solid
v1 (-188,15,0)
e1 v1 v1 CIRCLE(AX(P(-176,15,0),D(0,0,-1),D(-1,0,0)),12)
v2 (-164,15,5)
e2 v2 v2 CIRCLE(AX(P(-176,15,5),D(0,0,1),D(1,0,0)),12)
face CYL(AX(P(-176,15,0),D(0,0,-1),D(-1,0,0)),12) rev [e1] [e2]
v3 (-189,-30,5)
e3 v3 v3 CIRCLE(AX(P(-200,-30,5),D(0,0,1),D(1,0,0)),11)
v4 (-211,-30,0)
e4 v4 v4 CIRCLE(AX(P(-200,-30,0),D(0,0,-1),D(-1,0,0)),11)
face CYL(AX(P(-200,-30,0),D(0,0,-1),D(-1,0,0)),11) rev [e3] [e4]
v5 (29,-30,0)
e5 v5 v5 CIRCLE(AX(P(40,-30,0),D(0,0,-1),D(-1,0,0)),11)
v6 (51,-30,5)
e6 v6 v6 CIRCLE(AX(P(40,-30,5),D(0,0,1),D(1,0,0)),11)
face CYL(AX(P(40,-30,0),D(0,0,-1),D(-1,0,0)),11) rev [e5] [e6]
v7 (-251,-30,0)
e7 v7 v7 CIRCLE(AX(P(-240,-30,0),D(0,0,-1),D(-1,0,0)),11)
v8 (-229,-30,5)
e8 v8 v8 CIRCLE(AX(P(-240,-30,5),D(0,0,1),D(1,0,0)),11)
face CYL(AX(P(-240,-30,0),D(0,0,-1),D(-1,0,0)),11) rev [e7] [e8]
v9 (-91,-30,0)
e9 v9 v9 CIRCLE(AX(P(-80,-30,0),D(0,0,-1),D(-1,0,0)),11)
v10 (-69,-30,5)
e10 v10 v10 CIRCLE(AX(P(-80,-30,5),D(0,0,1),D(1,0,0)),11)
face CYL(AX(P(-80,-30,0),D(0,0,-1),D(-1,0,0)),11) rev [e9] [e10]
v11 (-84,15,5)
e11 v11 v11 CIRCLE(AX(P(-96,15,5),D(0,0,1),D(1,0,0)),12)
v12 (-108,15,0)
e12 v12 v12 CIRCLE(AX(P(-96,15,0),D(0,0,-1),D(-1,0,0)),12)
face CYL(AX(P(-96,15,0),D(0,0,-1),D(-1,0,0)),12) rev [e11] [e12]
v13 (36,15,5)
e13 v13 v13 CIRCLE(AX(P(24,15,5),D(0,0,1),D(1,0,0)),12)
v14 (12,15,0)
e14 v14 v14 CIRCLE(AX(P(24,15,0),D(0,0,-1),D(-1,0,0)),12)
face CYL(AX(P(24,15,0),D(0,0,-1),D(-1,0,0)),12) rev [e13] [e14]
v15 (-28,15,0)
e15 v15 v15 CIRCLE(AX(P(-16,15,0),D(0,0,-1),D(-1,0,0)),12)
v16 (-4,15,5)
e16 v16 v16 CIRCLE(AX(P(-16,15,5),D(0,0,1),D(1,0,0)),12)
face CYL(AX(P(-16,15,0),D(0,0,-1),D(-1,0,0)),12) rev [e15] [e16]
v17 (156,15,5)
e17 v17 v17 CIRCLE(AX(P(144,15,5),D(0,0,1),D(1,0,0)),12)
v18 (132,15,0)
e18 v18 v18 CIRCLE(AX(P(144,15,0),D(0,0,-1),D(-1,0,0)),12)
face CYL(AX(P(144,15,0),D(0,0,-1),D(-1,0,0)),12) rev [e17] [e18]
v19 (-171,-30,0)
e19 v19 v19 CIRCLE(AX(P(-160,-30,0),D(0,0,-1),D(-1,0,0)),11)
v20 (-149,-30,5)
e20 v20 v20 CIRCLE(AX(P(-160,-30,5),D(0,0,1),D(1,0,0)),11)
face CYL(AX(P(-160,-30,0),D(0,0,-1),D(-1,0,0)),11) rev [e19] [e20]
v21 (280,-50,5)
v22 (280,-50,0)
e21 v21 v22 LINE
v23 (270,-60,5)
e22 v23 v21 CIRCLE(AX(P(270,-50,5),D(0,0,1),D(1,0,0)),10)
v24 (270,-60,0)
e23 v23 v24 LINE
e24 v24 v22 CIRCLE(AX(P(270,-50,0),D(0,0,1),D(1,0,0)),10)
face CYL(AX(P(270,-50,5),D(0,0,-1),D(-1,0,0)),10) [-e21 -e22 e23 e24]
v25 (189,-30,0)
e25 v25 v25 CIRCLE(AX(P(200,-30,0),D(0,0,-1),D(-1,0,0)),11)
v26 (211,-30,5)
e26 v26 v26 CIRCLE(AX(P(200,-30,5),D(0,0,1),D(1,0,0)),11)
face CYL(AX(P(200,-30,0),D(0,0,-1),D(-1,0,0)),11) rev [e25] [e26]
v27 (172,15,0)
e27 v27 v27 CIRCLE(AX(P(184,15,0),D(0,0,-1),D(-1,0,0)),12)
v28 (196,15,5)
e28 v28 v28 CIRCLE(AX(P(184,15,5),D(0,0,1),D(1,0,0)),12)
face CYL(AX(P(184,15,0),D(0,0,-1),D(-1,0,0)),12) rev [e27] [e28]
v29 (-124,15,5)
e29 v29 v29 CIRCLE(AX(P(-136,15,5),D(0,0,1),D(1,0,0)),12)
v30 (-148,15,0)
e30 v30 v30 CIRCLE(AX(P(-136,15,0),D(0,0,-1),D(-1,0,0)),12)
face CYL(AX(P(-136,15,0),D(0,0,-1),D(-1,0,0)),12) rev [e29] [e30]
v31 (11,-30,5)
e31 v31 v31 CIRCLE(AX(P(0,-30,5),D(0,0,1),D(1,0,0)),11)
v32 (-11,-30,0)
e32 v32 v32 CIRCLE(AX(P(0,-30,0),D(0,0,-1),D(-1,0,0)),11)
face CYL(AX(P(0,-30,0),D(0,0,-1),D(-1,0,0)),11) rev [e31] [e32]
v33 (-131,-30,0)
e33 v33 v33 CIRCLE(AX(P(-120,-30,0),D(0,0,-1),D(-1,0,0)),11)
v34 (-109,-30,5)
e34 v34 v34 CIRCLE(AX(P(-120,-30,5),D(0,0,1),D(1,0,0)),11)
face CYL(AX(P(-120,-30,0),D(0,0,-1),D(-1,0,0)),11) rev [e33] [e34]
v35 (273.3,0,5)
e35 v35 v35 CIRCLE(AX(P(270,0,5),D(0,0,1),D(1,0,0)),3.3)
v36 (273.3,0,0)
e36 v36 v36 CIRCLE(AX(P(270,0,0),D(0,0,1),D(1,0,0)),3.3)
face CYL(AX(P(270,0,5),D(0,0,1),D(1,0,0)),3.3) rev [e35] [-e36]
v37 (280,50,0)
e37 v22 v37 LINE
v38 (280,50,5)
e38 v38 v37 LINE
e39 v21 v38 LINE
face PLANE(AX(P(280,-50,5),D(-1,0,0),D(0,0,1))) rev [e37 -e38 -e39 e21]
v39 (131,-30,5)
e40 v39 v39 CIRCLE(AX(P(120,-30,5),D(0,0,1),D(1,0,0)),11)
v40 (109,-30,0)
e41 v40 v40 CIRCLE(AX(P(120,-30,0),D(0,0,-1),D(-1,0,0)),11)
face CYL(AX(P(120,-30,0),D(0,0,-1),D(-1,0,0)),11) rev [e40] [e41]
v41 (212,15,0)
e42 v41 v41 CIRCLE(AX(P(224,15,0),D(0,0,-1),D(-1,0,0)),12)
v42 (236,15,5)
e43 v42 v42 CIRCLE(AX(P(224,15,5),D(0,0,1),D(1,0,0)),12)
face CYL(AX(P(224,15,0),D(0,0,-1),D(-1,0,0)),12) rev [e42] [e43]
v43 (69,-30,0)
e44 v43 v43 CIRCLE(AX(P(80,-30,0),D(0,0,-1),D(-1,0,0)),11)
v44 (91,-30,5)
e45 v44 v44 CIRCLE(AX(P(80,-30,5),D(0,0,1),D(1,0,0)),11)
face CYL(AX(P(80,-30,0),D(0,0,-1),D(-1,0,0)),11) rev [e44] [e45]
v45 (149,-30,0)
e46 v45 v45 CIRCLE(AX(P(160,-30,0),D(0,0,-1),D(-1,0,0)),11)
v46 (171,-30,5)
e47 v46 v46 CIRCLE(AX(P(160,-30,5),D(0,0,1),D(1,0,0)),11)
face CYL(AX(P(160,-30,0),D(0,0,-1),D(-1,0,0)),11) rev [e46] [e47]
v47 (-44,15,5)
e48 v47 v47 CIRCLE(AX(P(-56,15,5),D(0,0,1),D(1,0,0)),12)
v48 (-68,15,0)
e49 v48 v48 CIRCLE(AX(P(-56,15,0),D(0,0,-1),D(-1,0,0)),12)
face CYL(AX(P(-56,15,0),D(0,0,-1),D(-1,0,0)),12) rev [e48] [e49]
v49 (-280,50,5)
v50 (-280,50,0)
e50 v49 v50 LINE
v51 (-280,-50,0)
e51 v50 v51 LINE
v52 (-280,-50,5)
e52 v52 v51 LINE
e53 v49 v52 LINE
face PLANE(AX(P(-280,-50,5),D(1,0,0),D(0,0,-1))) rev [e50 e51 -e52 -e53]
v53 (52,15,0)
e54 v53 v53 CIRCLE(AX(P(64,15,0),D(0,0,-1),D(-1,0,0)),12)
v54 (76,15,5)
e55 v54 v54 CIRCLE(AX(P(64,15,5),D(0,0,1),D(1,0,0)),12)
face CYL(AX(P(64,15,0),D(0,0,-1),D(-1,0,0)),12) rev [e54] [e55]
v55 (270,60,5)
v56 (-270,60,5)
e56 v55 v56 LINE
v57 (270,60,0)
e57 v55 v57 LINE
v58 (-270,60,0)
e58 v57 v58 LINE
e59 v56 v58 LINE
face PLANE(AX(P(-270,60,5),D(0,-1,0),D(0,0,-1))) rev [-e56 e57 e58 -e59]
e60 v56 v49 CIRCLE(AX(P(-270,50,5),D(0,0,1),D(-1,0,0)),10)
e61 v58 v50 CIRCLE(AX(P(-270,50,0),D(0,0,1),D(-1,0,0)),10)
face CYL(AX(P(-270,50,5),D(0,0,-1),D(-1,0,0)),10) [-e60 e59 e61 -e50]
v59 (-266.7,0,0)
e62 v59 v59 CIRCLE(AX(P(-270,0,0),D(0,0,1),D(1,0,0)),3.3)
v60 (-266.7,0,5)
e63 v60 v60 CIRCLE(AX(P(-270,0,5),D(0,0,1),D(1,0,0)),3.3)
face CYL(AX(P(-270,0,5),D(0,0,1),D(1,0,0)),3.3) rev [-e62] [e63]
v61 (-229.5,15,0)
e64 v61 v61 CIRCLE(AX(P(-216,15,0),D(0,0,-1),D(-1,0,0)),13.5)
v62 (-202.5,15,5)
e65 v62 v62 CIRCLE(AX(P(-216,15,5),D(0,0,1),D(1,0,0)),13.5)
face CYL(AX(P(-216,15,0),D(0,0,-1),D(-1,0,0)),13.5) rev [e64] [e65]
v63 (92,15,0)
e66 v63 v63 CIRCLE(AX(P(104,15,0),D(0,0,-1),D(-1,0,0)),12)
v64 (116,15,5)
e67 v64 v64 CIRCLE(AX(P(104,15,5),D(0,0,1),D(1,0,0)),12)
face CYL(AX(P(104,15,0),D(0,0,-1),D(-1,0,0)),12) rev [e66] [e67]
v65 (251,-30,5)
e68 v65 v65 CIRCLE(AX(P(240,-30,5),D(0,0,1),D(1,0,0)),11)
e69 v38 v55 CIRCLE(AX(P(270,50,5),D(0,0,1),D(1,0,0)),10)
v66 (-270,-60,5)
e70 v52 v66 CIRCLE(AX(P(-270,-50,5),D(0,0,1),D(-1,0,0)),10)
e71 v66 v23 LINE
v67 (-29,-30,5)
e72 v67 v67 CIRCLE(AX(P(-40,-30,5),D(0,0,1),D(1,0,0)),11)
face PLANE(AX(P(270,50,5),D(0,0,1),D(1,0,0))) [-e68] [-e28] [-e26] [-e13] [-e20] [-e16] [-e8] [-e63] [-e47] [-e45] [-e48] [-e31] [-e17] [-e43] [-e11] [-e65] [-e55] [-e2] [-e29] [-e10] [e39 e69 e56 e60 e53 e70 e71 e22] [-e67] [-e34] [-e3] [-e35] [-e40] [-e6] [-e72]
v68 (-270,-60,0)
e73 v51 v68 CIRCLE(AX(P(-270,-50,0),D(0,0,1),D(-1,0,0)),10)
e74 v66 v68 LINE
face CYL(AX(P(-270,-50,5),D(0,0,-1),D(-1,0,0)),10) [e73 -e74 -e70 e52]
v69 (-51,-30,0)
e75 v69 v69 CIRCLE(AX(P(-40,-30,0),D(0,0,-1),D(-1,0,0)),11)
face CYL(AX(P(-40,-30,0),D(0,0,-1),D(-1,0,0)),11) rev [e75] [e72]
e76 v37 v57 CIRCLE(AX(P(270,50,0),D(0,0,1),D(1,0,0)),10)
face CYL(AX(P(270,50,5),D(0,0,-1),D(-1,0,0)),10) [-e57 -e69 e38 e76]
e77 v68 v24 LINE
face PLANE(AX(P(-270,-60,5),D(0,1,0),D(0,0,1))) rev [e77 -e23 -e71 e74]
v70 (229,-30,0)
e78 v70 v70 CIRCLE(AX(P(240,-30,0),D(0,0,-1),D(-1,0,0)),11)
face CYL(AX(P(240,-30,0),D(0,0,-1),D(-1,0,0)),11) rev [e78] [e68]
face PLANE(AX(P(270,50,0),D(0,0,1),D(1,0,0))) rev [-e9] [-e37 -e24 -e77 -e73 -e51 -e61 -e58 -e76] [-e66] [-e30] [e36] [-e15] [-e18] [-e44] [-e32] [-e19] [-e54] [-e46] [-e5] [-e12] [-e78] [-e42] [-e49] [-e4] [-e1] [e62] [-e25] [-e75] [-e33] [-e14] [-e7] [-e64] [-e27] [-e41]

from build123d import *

# Parameters (mm, degrees)
BOSS_EXTRUDE1_DEPTH       = 5
M6_CLEARANCE_HOLE1_D      = 6.6
M6_CLEARANCE_HOLE1_DEPTH  = 6
M6_CLEARANCE_HOLE1_TIP    = 1.982840043
LPATTERN1_COUNT           = 13
LPATTERN1_PITCH           = 40
LPATTERN2_COUNT           = 12
LPATTERN2_PITCH           = 40
M25_CLEARANCE_HOLE1_D     = 27
M25_CLEARANCE_HOLE1_DEPTH = 6
M25_CLEARANCE_HOLE1_TIP   = 8.111618357


with BuildPart() as part:
    # Sketch1 → Boss-Extrude1 (new body)
    with BuildSketch(Plane.XY):
        with BuildLine():
            Line((-270, -60), (270, -60))
            ThreePointArc((270, -60), (277.071067812, -57.071067812), (280, -50))
            Line((280, -50), (280, 50))
            ThreePointArc((280, 50), (277.071067812, 57.071067812), (270, 60))
            Line((270, 60), (-270, 60))
            ThreePointArc((-270, 60), (-277.071067812, 57.071067812), (-280, 50))
            Line((-280, 50), (-280, -50))
            ThreePointArc((-280, -50), (-277.071067812, -57.071067812), (-270, -60))
        make_face()
    extrude(amount=BOSS_EXTRUDE1_DEPTH)

    # M6 Clearance Hole1
    with Locations(Plane.XY.offset(5)):
        with Locations((270, 0), (-270, 0)):
            Hole(M6_CLEARANCE_HOLE1_D / 2, depth=M6_CLEARANCE_HOLE1_DEPTH)
            with Locations((0, 0, -(M6_CLEARANCE_HOLE1_DEPTH + M6_CLEARANCE_HOLE1_TIP / 2))):  # 118° drill point
                Cone(0, M6_CLEARANCE_HOLE1_D / 2, M6_CLEARANCE_HOLE1_TIP, mode=Mode.SUBTRACT)

    # Sketch4 → M20 Clearance Hole1 (revolve, cut)
    with BuildSketch(Plane(origin=(240, -30, 0), x_dir=(0, 1, 0), z_dir=(1, 0, 0))):
        Polygon((0, 0), (0, 12.609466809), (11, 6), (11, 0), align=None)
    m20_clearance_hole1 = revolve(axis=Axis((240, -30, -6.35), (0, 0, 1)), mode=Mode.SUBTRACT)

    # LPattern1: M20 Clearance Hole1 ×13
    with Locations(*[(-i * LPATTERN1_PITCH, 0, 0) for i in range(1, LPATTERN1_COUNT)]):
        add(m20_clearance_hole1, mode=Mode.SUBTRACT)

    # Sketch6 → M22 Clearance Hole1 (revolve, cut)
    with BuildSketch(Plane(origin=(224, 15, 0), x_dir=(0, 1, 0), z_dir=(1, 0, 0))):
        Polygon((0, 0), (0, 13.210327428), (12, 6), (12, 0), align=None)
    m22_clearance_hole1 = revolve(axis=Axis((224, 15, -6.35), (0, 0, 1)), mode=Mode.SUBTRACT)

    # LPattern2: M22 Clearance Hole1 ×12
    with Locations(*[(-i * LPATTERN2_PITCH, 0, 0) for i in range(1, LPATTERN2_COUNT)]):
        add(m22_clearance_hole1, mode=Mode.SUBTRACT)

    # M25 Clearance Hole1
    with Locations(Plane(origin=(0, 0, 0), x_dir=(-1, 0, 0), z_dir=(0, 0, -1))):
        with Locations((216, 15)):
            Hole(M25_CLEARANCE_HOLE1_D / 2, depth=M25_CLEARANCE_HOLE1_DEPTH)
            with Locations((0, 0, -(M25_CLEARANCE_HOLE1_DEPTH + M25_CLEARANCE_HOLE1_TIP / 2))):  # 118° drill point
                Cone(0, M25_CLEARANCE_HOLE1_D / 2, M25_CLEARANCE_HOLE1_TIP, mode=Mode.SUBTRACT)


solid = part.part
